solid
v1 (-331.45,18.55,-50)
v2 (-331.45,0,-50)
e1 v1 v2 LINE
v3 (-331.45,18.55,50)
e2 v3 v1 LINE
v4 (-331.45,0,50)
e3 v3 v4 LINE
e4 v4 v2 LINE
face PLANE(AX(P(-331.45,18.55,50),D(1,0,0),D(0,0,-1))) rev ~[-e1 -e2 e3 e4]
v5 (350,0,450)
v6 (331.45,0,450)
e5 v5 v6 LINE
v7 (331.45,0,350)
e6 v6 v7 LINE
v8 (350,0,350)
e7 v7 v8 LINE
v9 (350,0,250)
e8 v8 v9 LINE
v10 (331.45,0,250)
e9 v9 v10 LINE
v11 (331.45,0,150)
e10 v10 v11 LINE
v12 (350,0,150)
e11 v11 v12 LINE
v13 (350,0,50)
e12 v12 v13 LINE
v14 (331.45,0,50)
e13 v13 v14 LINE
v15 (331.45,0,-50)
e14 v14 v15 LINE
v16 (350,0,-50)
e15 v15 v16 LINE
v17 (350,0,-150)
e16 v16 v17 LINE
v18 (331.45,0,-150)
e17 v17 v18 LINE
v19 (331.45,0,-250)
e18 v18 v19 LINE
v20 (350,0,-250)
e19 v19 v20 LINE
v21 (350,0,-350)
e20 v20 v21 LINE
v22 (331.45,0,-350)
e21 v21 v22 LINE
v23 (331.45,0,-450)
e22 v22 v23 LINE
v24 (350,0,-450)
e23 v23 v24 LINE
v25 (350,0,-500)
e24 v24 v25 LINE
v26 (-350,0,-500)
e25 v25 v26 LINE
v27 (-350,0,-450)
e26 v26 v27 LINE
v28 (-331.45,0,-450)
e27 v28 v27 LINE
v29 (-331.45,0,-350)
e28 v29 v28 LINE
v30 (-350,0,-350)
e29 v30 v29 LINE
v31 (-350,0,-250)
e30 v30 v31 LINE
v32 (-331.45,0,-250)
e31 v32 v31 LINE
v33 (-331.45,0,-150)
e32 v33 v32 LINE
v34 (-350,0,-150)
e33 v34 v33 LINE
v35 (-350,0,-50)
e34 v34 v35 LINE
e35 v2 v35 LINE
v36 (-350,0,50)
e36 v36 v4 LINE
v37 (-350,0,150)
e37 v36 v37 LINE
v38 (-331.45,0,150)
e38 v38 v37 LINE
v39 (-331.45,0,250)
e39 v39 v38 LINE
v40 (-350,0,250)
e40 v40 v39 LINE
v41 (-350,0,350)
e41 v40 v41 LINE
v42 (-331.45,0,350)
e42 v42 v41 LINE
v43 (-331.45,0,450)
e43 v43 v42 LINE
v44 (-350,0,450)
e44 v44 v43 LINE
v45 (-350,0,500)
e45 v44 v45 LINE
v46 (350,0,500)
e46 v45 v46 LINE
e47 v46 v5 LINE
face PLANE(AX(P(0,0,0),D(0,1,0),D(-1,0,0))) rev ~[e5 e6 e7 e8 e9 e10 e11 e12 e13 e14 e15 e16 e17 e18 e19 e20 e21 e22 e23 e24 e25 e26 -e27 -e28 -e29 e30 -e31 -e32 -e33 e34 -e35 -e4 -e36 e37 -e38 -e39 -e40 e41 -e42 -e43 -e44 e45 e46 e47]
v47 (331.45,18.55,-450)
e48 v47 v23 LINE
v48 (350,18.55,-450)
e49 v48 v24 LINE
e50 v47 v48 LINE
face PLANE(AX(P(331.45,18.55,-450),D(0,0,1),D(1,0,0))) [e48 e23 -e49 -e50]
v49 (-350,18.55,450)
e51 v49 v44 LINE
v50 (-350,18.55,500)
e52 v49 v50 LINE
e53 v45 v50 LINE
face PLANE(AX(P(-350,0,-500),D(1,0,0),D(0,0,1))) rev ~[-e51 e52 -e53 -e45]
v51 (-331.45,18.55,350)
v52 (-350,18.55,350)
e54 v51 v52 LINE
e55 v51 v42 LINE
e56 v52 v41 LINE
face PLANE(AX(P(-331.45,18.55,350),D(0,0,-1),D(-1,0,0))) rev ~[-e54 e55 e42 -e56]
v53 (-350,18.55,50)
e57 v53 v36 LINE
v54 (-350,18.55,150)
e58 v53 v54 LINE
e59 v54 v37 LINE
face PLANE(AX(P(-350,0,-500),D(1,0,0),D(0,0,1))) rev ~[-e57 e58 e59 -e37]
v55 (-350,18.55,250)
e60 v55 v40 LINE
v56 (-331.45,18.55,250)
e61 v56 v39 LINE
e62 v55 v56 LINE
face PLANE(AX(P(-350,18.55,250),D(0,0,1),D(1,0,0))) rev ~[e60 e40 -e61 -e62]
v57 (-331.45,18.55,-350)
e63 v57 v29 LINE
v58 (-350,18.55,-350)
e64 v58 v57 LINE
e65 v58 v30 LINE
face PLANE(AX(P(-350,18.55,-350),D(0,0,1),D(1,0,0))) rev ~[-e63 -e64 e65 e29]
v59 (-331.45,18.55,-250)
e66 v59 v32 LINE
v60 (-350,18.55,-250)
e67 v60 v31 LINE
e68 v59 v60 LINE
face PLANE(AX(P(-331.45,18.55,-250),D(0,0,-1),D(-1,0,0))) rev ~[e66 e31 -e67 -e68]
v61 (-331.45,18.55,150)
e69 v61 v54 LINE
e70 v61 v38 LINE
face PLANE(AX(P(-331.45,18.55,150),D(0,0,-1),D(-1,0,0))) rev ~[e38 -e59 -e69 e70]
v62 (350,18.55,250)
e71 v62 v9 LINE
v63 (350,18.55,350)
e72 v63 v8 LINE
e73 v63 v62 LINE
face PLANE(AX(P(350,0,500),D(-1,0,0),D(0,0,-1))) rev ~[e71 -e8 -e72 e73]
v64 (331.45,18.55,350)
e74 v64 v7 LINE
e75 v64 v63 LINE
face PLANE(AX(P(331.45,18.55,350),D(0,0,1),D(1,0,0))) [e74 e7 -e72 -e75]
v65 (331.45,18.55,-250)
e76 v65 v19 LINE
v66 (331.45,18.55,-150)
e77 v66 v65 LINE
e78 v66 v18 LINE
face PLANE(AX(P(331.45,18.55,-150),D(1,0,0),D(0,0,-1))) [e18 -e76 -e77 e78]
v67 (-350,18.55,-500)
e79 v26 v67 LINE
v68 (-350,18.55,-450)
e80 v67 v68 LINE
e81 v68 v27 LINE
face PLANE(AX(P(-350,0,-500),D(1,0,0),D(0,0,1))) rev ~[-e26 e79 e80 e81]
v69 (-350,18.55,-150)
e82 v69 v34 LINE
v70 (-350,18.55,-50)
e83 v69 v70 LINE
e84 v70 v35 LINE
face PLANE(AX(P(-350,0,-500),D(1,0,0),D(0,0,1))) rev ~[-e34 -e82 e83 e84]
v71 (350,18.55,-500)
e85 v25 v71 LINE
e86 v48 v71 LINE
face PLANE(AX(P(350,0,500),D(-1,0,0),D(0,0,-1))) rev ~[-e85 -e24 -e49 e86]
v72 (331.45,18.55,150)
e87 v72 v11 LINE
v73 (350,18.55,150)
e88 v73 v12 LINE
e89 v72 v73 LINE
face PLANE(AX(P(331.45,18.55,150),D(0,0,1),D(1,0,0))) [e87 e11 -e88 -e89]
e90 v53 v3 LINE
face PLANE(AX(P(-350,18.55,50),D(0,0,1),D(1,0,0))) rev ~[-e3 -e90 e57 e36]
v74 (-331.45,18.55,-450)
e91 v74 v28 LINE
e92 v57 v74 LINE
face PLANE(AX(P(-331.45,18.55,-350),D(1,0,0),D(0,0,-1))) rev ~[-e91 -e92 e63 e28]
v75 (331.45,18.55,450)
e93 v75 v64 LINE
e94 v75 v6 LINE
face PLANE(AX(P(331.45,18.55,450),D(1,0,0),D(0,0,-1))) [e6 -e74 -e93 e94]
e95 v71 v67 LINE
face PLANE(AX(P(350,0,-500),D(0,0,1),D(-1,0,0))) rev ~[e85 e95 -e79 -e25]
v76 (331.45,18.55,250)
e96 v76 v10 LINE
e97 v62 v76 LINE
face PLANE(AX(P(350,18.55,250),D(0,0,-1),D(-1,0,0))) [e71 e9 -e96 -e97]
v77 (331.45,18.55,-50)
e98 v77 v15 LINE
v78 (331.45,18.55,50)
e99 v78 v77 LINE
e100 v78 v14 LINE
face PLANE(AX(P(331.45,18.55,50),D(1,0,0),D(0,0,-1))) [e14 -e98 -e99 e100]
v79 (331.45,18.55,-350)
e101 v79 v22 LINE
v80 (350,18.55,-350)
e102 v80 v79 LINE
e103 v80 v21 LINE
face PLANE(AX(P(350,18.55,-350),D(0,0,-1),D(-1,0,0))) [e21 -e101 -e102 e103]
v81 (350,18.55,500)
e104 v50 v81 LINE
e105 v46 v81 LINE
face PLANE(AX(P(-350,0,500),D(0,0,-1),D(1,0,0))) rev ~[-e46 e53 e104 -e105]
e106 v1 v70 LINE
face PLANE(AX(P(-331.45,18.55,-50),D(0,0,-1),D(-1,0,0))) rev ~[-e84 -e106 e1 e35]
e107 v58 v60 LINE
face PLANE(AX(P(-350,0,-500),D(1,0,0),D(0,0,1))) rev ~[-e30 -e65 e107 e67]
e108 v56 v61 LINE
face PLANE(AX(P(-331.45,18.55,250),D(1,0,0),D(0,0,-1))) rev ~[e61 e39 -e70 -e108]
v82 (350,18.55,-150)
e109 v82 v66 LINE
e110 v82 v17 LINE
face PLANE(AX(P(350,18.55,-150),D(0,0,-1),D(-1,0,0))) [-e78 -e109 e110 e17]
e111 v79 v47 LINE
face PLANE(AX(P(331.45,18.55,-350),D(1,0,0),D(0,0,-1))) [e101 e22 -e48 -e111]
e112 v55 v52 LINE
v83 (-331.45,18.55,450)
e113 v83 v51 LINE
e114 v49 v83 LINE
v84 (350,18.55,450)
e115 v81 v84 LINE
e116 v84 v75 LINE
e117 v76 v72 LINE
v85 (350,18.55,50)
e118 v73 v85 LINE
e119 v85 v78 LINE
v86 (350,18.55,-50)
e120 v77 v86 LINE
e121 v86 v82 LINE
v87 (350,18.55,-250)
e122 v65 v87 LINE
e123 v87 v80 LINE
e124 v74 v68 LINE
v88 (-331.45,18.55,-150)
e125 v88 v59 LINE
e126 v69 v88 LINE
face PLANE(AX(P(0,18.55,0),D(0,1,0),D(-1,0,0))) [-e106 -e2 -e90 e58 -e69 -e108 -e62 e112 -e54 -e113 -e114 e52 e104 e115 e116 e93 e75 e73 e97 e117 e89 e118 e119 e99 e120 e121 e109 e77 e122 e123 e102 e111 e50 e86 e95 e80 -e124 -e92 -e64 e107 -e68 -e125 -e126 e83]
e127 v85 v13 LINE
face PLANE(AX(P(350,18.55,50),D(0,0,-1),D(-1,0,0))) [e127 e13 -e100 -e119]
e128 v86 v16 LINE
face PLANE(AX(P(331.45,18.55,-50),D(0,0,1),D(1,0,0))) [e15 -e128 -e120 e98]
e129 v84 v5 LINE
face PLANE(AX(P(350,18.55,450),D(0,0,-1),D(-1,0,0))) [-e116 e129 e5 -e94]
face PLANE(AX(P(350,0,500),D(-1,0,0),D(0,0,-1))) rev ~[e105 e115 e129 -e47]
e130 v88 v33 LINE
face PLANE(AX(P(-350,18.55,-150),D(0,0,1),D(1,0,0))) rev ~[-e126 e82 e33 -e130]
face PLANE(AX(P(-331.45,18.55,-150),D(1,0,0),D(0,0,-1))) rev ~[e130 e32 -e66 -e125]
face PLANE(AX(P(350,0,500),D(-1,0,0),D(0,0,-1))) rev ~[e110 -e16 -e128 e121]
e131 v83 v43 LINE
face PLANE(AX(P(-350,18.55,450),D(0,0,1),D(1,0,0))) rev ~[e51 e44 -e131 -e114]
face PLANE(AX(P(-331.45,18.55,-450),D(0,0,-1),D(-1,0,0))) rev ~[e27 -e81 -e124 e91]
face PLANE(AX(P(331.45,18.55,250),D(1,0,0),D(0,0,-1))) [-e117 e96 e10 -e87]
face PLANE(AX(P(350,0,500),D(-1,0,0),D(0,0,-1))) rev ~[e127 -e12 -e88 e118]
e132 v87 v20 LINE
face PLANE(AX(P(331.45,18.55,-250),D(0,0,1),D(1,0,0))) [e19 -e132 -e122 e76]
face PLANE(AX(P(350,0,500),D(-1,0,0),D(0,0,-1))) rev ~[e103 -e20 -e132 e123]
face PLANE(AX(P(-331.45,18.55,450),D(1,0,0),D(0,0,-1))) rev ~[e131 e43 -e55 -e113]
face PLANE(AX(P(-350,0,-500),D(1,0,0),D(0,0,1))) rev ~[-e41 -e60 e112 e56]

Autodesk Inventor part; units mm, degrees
ref_plane "YZ Plane" through (0, 0, 0) normal (1, 0, 0) x (0, 1, 0)
ref_plane "XZ Plane" through (0, 0, 0) normal (0, 1, 0) x (-1, 0, 0)
ref_plane "XY Plane" through (0, 0, 0) normal (0, 0, 1) x (1, 0, 0)
sketch "Esquisse1" plane through (0, 0, 0) normal (0, 1, 0) x (-1, 0, 0)
  line L0 (-350, -500) -> (350, -500)
  line L1 (350, -500) -> (350, 500)
  line L2 (350, 500) -> (-350, 500)
  line L3 (-350, 500) -> (-350, -500)
  line L4 (-350, -500) -> (350, 500) construction
  line L5 (350, -500) -> (-350, 500) construction
  point P0 (0, 0)
  dimension "d0" = 1000
  dimension "d1" = 700
extrude "Extrusion1" add sketch "Esquisse1" along normal blind 18.55
sketch "Esquisse2" plane through (0, 18.55, 0) normal (0, 1, 0) x (1, 0, 0)
  line L0 (-350, 500) -> (-350, -500) projected
  line L1 (-350, -450) -> (-331.45, -450)
  line L2 (-331.45, -450) -> (-331.45, -350)
  line L3 (-331.45, -350) -> (-350, -350)
  line L4 (-350, -350) -> (-350, -450)
  line L5 (-350, -250) -> (-331.45, -250)
  line L6 (-331.45, -250) -> (-331.45, -150)
  line L7 (-331.45, -150) -> (-350, -150)
  line L8 (-350, -150) -> (-350, -250)
  line L9 (-350, -50) -> (-331.45, -50)
  line L10 (-331.45, -50) -> (-331.45, 50)
  line L11 (-331.45, 50) -> (-350, 50)
  line L12 (-350, 50) -> (-350, -50)
  line L13 (-350, 150) -> (-331.45, 150)
  line L14 (-331.45, 150) -> (-331.45, 250)
  line L15 (-331.45, 250) -> (-350, 250)
  line L16 (-350, 250) -> (-350, 150)
  line L17 (350, 500) -> (-350, 500) projected
  line L18 (-350, -500) -> (350, -500) projected
  line L19 (0, -500) -> (0, 500) construction
  line L20 (-350, 350) -> (-331.45, 350)
  line L21 (-331.45, 350) -> (-331.45, 450)
  line L22 (-331.45, 450) -> (-350, 450)
  line L23 (-350, 450) -> (-350, 350)
  line L24 (350, -450) -> (331.45, -450)
  line L25 (331.45, -450) -> (331.45, -350)
  line L26 (331.45, -350) -> (350, -350)
  line L27 (350, -350) -> (350, -450)
  line L28 (350, -250) -> (331.45, -250)
  line L29 (331.45, -250) -> (331.45, -150)
  line L30 (331.45, -150) -> (350, -150)
  line L31 (350, -150) -> (350, -250)
  line L32 (350, -50) -> (331.45, -50)
  line L33 (331.45, -50) -> (331.45, 50)
  line L34 (331.45, 50) -> (350, 50)
  line L35 (350, 50) -> (350, -50)
  line L36 (350, 150) -> (331.45, 150)
  line L37 (331.45, 150) -> (331.45, 250)
  line L38 (331.45, 250) -> (350, 250)
  line L39 (350, 250) -> (350, 150)
  line L40 (350, 350) -> (331.45, 350)
  line L41 (331.45, 350) -> (331.45, 450)
  line L42 (331.45, 450) -> (350, 450)
  line L43 (350, 450) -> (350, 350)
  point P0 (0, 0)
  point P1 (-350, -150)
  point P2 (-350, -250)
  point P3 (-350, 250)
  point P4 (-350, 150)
  point P5 (-350, -350)
  dimension "d6" = 18.55
  dimension "d9" = 200
  dimension "d26" = 50
  dimension "d27" = 100
  dimension "d32" = 50
extrude "Extrusion2" cut sketch "Esquisse2" against normal blind 18.55
properties part number "Plate"
